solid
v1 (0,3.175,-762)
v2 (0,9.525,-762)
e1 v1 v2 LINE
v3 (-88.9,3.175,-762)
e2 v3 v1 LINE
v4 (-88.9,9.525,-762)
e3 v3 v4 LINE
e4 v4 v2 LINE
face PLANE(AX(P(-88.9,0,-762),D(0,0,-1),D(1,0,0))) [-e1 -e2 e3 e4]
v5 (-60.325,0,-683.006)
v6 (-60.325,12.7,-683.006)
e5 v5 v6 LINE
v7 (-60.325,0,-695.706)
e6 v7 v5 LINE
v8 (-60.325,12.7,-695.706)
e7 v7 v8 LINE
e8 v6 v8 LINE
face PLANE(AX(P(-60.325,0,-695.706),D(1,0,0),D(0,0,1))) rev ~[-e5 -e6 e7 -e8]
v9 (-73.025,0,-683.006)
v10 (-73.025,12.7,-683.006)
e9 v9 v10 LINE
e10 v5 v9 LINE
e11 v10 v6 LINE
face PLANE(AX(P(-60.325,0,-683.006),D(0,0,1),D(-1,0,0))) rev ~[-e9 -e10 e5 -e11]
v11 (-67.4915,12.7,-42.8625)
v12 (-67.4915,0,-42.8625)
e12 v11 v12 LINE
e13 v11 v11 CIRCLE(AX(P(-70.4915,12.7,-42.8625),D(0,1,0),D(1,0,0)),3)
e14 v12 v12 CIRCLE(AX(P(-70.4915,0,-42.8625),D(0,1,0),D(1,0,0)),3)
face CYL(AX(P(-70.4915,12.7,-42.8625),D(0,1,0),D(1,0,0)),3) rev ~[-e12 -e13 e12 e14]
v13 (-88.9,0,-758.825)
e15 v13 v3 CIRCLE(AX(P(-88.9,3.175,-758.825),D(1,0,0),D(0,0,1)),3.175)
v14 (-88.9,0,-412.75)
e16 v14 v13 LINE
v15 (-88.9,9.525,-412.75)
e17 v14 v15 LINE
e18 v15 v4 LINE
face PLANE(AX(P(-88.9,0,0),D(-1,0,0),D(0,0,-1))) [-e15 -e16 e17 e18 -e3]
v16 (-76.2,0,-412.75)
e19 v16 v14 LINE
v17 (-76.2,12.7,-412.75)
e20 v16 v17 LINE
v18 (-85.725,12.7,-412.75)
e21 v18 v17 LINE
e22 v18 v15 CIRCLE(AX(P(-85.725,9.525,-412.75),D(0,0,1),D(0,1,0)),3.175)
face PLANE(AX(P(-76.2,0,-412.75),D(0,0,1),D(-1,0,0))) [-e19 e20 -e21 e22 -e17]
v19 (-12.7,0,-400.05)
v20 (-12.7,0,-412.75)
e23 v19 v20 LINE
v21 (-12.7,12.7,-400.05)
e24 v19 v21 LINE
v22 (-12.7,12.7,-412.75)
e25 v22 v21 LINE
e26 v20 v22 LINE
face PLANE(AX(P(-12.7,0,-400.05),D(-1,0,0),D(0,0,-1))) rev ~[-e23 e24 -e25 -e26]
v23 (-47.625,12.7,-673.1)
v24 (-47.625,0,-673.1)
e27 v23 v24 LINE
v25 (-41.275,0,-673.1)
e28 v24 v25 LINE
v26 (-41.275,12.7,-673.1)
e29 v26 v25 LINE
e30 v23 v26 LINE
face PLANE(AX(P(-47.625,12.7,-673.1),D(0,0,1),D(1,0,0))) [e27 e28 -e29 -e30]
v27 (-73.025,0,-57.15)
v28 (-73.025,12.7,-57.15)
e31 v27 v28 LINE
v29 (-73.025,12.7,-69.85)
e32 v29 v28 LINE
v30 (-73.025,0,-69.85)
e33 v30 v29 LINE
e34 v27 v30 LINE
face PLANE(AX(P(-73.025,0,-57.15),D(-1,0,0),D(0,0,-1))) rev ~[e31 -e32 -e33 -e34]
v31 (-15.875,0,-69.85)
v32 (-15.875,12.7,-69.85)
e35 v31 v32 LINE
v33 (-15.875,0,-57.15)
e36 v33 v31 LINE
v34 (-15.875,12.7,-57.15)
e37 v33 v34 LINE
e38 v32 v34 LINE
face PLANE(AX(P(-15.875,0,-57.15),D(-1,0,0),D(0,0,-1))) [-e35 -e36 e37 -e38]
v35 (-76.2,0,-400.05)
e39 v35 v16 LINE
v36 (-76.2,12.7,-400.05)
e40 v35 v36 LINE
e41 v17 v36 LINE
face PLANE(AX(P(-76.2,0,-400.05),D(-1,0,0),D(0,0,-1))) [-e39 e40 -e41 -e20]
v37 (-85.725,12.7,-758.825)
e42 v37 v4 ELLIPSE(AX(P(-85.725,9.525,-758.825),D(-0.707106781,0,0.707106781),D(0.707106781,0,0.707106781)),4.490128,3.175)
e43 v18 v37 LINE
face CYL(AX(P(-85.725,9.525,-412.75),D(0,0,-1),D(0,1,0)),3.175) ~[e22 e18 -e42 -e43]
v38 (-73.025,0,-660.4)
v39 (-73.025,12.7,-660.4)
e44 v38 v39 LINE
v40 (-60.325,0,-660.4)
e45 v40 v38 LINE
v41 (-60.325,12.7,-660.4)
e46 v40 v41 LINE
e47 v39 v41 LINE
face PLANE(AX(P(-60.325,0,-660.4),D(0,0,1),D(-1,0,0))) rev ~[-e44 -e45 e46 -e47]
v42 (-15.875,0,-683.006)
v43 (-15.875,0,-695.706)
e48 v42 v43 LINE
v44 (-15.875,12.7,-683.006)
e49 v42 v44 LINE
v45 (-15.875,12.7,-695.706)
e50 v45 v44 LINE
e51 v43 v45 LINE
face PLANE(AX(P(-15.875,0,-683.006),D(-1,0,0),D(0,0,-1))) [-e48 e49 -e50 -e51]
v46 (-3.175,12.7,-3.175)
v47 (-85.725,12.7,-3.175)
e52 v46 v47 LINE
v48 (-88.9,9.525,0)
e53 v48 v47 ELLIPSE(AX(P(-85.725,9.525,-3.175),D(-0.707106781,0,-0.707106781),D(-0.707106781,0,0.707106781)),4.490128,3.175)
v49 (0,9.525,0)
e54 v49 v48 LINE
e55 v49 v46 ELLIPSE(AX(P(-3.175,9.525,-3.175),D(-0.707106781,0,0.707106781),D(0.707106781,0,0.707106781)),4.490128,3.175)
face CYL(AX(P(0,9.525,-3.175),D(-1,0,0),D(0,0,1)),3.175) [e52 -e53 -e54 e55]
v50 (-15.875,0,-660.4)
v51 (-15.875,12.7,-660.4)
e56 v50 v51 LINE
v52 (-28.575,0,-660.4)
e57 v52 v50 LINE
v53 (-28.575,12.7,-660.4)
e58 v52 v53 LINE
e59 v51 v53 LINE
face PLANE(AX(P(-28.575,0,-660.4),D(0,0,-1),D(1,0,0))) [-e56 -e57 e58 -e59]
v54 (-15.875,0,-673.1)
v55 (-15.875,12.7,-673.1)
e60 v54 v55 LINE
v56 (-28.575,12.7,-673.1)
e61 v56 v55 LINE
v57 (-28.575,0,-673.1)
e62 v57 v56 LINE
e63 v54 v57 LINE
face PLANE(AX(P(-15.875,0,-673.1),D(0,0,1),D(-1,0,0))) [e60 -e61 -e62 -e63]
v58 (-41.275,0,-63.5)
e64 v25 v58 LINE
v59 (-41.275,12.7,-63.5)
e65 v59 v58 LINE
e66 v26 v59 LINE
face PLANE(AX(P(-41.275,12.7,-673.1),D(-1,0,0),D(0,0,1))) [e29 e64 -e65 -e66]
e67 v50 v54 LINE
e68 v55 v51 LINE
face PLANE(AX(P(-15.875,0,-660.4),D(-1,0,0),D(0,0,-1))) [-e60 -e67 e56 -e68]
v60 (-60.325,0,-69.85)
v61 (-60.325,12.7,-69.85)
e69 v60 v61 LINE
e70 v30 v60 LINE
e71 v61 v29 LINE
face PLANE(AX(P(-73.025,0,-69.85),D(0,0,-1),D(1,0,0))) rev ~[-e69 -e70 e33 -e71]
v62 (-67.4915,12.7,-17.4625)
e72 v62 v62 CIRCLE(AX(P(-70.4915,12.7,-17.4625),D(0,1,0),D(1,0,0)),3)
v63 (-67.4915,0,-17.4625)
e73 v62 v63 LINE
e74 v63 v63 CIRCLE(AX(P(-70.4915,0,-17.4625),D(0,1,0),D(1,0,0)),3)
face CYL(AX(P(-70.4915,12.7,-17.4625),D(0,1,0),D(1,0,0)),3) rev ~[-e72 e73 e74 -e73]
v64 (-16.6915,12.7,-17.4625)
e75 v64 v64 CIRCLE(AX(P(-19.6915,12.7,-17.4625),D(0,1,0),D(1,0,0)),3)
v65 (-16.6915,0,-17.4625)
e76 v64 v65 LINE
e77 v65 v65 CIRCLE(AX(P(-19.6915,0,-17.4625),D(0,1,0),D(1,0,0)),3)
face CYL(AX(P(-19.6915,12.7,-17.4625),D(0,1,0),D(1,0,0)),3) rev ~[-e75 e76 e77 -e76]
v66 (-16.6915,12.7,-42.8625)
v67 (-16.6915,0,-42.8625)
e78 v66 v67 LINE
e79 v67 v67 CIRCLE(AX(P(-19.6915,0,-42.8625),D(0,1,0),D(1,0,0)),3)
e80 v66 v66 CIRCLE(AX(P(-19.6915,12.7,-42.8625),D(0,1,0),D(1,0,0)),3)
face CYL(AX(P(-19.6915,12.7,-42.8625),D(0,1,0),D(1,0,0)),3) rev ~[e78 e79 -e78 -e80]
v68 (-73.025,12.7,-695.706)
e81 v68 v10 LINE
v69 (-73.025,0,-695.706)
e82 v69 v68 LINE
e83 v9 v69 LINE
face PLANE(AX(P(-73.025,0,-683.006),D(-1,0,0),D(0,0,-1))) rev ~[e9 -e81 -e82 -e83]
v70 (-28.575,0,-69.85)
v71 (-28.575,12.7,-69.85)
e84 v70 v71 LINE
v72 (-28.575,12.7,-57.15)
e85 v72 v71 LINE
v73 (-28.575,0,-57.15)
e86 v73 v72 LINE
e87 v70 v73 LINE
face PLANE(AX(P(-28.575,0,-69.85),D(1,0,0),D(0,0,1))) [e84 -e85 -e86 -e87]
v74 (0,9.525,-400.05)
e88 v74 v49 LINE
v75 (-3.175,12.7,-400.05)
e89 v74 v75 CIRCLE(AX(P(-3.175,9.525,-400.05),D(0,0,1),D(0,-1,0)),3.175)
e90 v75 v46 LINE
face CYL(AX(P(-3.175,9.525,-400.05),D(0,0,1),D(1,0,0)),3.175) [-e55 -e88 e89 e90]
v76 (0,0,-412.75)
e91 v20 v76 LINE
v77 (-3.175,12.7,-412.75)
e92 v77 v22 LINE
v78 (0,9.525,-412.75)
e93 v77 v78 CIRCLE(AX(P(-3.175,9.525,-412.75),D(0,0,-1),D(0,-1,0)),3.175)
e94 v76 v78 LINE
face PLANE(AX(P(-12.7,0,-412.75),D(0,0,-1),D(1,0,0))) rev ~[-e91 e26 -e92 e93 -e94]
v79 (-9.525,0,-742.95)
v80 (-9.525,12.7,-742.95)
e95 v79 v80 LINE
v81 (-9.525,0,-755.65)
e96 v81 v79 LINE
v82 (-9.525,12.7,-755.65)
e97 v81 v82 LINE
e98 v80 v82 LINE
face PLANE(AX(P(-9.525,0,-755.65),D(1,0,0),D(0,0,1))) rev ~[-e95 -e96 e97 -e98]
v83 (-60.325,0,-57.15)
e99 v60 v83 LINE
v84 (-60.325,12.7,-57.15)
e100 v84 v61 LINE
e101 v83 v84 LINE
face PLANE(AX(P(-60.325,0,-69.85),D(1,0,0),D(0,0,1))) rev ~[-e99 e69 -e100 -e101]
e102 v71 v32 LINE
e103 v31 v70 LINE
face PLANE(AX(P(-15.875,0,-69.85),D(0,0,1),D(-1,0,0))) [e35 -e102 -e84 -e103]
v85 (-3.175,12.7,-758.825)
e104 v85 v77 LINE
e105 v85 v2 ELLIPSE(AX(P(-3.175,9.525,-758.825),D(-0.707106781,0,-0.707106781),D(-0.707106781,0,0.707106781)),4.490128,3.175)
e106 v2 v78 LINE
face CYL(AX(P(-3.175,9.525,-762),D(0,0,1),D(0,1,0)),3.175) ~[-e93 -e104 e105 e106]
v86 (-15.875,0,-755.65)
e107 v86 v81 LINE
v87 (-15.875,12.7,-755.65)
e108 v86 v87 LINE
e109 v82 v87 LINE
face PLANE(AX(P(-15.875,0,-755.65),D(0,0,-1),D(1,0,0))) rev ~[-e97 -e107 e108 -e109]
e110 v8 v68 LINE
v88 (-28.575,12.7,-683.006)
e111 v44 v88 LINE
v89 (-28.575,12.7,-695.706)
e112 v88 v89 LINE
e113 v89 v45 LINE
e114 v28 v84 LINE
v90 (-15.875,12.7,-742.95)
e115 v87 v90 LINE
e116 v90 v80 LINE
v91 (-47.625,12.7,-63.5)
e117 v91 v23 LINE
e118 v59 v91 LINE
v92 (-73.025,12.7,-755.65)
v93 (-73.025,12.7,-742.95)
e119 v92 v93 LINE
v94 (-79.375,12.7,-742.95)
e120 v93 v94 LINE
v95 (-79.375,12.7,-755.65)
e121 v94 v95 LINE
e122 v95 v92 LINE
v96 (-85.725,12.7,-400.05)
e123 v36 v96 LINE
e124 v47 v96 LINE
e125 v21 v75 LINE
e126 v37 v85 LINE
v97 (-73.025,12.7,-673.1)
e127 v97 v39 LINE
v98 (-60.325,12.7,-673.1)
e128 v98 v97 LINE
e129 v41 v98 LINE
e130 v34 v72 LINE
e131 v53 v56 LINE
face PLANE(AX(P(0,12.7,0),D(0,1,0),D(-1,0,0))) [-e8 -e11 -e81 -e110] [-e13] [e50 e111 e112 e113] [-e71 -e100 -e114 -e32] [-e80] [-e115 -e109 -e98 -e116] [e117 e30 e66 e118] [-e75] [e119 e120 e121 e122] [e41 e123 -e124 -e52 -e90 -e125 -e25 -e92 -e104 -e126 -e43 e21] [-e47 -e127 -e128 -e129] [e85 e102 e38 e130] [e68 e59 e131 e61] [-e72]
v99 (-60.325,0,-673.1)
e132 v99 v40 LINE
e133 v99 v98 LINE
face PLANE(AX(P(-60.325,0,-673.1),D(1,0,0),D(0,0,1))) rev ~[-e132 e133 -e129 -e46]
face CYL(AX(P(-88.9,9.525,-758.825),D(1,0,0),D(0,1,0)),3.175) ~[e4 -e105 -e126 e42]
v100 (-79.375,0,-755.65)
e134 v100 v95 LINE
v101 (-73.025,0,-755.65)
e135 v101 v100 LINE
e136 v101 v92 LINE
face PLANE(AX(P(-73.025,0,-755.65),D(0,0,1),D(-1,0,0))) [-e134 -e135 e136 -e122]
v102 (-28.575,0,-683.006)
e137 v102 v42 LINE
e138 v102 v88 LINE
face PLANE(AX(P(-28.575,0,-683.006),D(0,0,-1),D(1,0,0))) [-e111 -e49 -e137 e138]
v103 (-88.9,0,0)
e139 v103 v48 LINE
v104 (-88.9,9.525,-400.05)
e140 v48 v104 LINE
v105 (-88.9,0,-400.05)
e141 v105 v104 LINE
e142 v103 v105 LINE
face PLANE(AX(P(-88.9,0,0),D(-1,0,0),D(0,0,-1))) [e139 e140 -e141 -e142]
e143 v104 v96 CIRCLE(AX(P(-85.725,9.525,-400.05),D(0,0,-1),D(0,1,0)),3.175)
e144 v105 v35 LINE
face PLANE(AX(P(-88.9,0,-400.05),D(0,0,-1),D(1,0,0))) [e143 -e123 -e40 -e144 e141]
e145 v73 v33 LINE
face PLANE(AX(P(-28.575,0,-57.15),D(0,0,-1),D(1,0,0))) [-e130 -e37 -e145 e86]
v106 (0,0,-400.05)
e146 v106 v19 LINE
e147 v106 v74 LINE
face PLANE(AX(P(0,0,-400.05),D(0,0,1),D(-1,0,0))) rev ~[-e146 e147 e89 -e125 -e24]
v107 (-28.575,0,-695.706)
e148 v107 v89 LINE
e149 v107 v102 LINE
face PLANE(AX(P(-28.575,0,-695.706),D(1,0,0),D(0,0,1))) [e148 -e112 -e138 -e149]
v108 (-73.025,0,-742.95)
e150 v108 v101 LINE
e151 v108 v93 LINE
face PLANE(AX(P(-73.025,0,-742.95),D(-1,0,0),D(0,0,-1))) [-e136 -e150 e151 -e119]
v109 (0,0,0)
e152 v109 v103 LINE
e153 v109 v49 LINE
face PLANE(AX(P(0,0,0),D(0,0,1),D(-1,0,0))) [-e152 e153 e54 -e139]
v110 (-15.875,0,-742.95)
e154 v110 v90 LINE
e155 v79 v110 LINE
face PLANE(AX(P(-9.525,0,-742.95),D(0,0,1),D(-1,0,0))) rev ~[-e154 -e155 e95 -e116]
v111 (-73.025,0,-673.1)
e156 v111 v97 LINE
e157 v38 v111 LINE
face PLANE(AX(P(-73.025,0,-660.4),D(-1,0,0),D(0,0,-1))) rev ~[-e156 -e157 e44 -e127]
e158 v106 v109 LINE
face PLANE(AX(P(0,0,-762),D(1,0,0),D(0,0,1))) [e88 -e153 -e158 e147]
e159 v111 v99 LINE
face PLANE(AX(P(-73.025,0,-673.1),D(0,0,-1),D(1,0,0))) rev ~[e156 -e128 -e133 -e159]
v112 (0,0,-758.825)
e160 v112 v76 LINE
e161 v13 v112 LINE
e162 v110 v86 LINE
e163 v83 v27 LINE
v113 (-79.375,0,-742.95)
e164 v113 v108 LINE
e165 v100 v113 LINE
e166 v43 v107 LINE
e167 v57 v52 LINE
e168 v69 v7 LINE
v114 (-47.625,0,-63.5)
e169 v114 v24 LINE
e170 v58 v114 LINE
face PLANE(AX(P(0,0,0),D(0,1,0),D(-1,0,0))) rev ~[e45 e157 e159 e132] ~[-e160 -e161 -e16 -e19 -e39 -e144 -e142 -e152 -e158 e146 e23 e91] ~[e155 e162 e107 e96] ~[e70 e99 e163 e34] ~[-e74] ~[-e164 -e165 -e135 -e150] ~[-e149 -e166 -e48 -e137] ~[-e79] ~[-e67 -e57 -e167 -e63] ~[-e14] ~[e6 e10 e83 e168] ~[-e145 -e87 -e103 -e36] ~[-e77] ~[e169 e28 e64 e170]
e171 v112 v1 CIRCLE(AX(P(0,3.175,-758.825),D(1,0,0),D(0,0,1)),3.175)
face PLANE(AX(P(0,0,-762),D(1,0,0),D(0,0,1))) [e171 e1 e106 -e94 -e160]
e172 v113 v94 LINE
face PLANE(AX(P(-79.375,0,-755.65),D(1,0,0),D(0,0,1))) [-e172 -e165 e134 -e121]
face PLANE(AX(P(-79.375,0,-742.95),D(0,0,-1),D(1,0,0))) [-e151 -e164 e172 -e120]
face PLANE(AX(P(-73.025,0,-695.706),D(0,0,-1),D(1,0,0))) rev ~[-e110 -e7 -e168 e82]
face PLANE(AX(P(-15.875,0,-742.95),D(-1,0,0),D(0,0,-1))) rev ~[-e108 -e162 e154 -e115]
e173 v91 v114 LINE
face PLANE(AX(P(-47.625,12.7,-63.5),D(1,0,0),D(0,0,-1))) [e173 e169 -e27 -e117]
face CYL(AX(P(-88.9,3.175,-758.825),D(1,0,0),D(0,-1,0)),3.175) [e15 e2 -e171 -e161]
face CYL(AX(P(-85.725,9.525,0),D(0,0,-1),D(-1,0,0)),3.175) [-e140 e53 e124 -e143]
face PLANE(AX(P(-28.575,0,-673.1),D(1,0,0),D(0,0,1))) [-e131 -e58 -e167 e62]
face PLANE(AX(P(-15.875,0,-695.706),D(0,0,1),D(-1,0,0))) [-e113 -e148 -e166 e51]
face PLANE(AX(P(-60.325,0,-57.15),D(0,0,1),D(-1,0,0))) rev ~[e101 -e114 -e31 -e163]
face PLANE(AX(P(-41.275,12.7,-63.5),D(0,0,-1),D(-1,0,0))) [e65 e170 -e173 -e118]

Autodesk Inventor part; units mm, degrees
ref_plane "YZ Plane" through (0, 0, 0) normal (1, 0, 0) x (0, 1, 0)
ref_plane "XZ Plane" through (0, 0, 0) normal (0, 1, 0) x (-1, 0, 0)
ref_plane "XY Plane" through (0, 0, 0) normal (0, 0, 1) x (1, 0, 0)
sketch "Sketch1" plane through (0, 0, 0) normal (0, 1, 0) x (-1, 0, 0)
  line L0 (0, 0) -> (88.9, 0)
  line L1 (88.9, -762) -> (0, -762)
  line L2 (0, -762) -> (0, 0)
  line L3 (88.9, 0) -> (0, 0) construction
  line L4 (0, 0) -> (0, -50.8) construction
  line L5 (88.9, 0) -> (88.9, -762)
  dimension "d0" = 88.9
  dimension "d3" = 50.8
  dimension "d47" = 762
extrude "Extrusion3" add sketch "Sketch1" along normal blind 12.7
sketch "Sketch2" plane through (0, 12.7, 0) normal (0, 1, 0) x (1, 0, 0)
  line L0 (0, 762) -> (-88.9, 762) construction
  line L1 (-44.45, 762) -> (666.75, 762) construction
  line L2 (-41.275, 63.5) -> (-47.625, 63.5)
  line L3 (-47.625, 63.5) -> (-47.625, 673.1)
  line L4 (-47.625, 673.1) -> (-41.275, 673.1)
  line L5 (-41.275, 673.1) -> (-41.275, 63.5)
  line L6 (-44.45, 63.5) -> (-44.45, 0) construction
  line L7 (-88.9, 0) -> (0, 0) construction
  dimension "d21" = 6.35
  dimension "d22" = 609.6
  dimension "d25" = 63.5
extrude "Extrusion4" cut sketch "Sketch2" against normal through all
sketch "Sketch3" plane through (0, 0, 0) normal (0, -1, 0) x (1, 0, 0)
  line L0 (-41.275, -673.1) -> (-41.275, -63.5) construction
  line L1 (-41.275, -63.5) -> (-22.225, -63.5) construction
  line L2 (-47.625, -63.5) -> (-41.275, -63.5) construction
  line L3 (-44.45, -63.5) -> (-44.45, 0) construction
  line L4 (-47.625, -63.5) -> (-66.675, -63.5) construction
  line L5 (-28.575, -57.15) -> (-15.875, -57.15)
  line L6 (-15.875, -57.15) -> (-15.875, -69.85)
  line L7 (-15.875, -69.85) -> (-28.575, -69.85)
  line L8 (-28.575, -69.85) -> (-28.575, -57.15)
  line L9 (-28.575, -57.15) -> (-15.875, -69.85) construction
  line L10 (-15.875, -57.15) -> (-28.575, -69.85) construction
  line L11 (-60.325, -57.15) -> (-73.025, -57.15)
  line L12 (-73.025, -57.15) -> (-73.025, -69.85)
  line L13 (-73.025, -69.85) -> (-60.325, -69.85)
  line L14 (-60.325, -69.85) -> (-60.325, -57.15)
  line L15 (-60.325, -57.15) -> (-73.025, -69.85) construction
  line L16 (-73.025, -57.15) -> (-60.325, -69.85) construction
  line L17 (-28.575, -660.4) -> (-15.875, -660.4)
  line L18 (-15.875, -660.4) -> (-15.875, -673.1)
  line L19 (-15.875, -673.1) -> (-28.575, -673.1)
  line L20 (-28.575, -673.1) -> (-28.575, -660.4)
  line L21 (-28.575, -660.4) -> (-15.875, -673.1) construction
  line L22 (-15.875, -660.4) -> (-28.575, -673.1) construction
  line L23 (-60.325, -660.4) -> (-73.025, -660.4)
  line L24 (-73.025, -660.4) -> (-73.025, -673.1)
  line L25 (-73.025, -673.1) -> (-60.325, -673.1)
  line L26 (-60.325, -673.1) -> (-60.325, -660.4)
  line L27 (-60.325, -660.4) -> (-73.025, -673.1) construction
  line L28 (-73.025, -660.4) -> (-60.325, -673.1) construction
  line L29 (-47.625, -673.1) -> (-41.275, -673.1) construction
  line L30 (-28.575, -673.1) -> (-60.325, -673.1) construction
  line L31 (-44.45, -673.1) -> (-44.45, -695.706) construction
  line L32 (-44.45, -673.1) -> (-21.844, -673.1) construction
  line L33 (-28.575, -695.706) -> (-28.575, -683.006)
  line L34 (-15.875, -695.706) -> (-28.575, -695.706)
  line L35 (-15.875, -683.006) -> (-15.875, -695.706)
  line L36 (-15.875, -683.006) -> (-28.575, -695.706) construction
  line L37 (-28.575, -683.006) -> (-15.875, -683.006)
  line L38 (-28.575, -683.006) -> (-15.875, -695.706) construction
  line L39 (-60.325, -695.706) -> (-60.325, -683.006)
  line L40 (-60.325, -683.006) -> (-73.025, -683.006)
  line L41 (-73.025, -683.006) -> (-73.025, -695.706)
  line L42 (-60.325, -683.006) -> (-73.025, -695.706) construction
  line L43 (-73.025, -683.006) -> (-60.325, -695.706) construction
  line L44 (-73.025, -695.706) -> (-60.325, -695.706)
  line L45 (-28.575, -695.706) -> (-60.325, -695.706) construction
  line L46 (0, -762) -> (-88.9, -762) construction
  line L47 (-44.45, -762) -> (-44.45, -755.65) construction
  line L48 (-44.45, -755.65) -> (-15.875, -755.65) construction
  line L49 (-15.875, -755.65) -> (-9.525, -755.65)
  line L50 (-9.525, -755.65) -> (-9.525, -742.95)
  line L51 (-9.525, -742.95) -> (-15.875, -742.95)
  line L52 (-15.875, -742.95) -> (-15.875, -755.65)
  line L53 (-73.025, -755.65) -> (-79.375, -755.65)
  line L54 (-79.375, -755.65) -> (-79.375, -742.95)
  line L55 (-79.375, -742.95) -> (-73.025, -742.95)
  line L56 (-73.025, -742.95) -> (-73.025, -755.65)
  point P0 (0, 0)
  point P1 (-22.225, -666.75)
  point P2 (-66.675, -666.75)
  point P3 (-22.225, -689.356)
  point P4 (-66.675, -689.356)
  point P5 (-21.844, -695.706)
  dimension "d26" = 19.05
  dimension "d27" = 12.7
  dimension "d28" = 12.7
  dimension "d29" = 12.7
  dimension "d30" = 12.7
  dimension "d33" = 12.7
  dimension "d34" = 12.7
  dimension "d35" = 12.7
  dimension "d36" = 12.7
  dimension "d37" = 22.606
  dimension "d38" = 90
  dimension "d39" = 12.7
  dimension "d40" = 12.7
  dimension "d41" = 12.7
  dimension "d42" = 12.7
  dimension "d43" = 6.35
  dimension "d44" = 28.575
  dimension "d45" = 6.35
  dimension "d46" = 12.7
extrude "Extrusion5" cut sketch "Sketch3" against normal through all
sketch "Sketch4" plane through (0, 0, 0) normal (0, -1, 0) x (1, 0, 0)
  line L0 (-88.9, -406.4) -> (0, -406.4) construction
  line L1 (-88.9, -400.05) -> (-76.2, -400.05)
  line L2 (-76.2, -400.05) -> (-76.2, -412.75)
  line L3 (-76.2, -412.75) -> (-88.9, -412.75)
  line L4 (-88.9, -400.05) -> (-88.9, -412.75)
  line L5 (0, -400.05) -> (-12.7, -400.05)
  line L6 (-12.7, -400.05) -> (-12.7, -412.75)
  line L7 (-12.7, -412.75) -> (0, -412.75)
  line L8 (0, -400.05) -> (0, -412.75)
  line L9 (-15.875, -742.95) -> (-15.875, -755.65) construction
  line L10 (-79.375, -755.65) -> (-73.025, -755.65) construction
  line L11 (-15.875, -755.65) -> (-73.025, -755.65) construction
  line L12 (-28.575, -69.85) -> (-28.575, -57.15) construction
  line L13 (-28.575, -57.15) -> (-60.325, -57.15) construction
  line L14 (-44.45, -57.15) -> (-44.45, -755.65) construction
  point P0 (-44.45, -406.4)
  dimension "d49" = 12.7
  dimension "d52" = 12.7
extrude "Extrusion6" cut sketch "Sketch4" against normal through all
fillet "Fillet1" radius 3.175 6 edges at (0, 12.7, -200.025) (-44.45, 12.7, 0) (-88.9, 12.7, -200.025) (0, 12.7, -587.375) (-44.45, 12.7, -762) (-88.9, 12.7, -587.375)
fillet "Fillet2" radius 3.175 1 edges at (-44.45, 0, -762)
sketch "Sketch5" plane through (0, 12.7, 0) normal (0, 1, 0) x (1, 0, 0)
  line L0 (-85.725, 3.175) -> (-85.725, 400.05) construction
  line L1 (-3.175, 400.05) -> (-3.175, 3.175) construction
  line L2 (-85.725, 57.15) -> (-3.175, 57.15) construction
  line L3 (-3.175, 57.15) -> (-3.175, 3.175) construction
  line L4 (-3.175, 3.175) -> (-85.725, 3.175) construction
  line L5 (-85.725, 3.175) -> (-85.725, 57.15) construction
  line L6 (-85.725, 57.15) -> (-4.458, 3.175) construction
  line L7 (-70.4915, 17.4625) -> (-19.6915, 17.4625) construction
  line L8 (-19.6915, 17.4625) -> (-19.6915, 42.8625) construction
  line L9 (-19.6915, 42.8625) -> (-70.4915, 42.8625) construction
  line L10 (-70.4915, 42.8625) -> (-70.4915, 17.4625) construction
  line L11 (-70.4915, 17.4625) -> (-19.6915, 42.8625) construction
  line L12 (-19.6915, 17.4625) -> (-70.4915, 42.8625) construction
  circle A0 centre (-70.4915, 42.8625) radius 3
  circle A1 centre (-19.6915, 42.8625) radius 3
  circle A2 centre (-19.6915, 17.4625) radius 3
  circle A3 centre (-70.4915, 17.4625) radius 3
  point P0 (0, 0)
  point P1 (-45.0915, 30.1625)
  dimension "d64" = 50.8
  dimension "d65" = 25.4
  dimension "d66" = 6
  dimension "d67" = 6
  dimension "d68" = 6
  dimension "d69" = 6
extrude "Extrusion7" cut sketch "Sketch5" against normal through all
properties part number "Arm Base" material "PVC-Piping"
